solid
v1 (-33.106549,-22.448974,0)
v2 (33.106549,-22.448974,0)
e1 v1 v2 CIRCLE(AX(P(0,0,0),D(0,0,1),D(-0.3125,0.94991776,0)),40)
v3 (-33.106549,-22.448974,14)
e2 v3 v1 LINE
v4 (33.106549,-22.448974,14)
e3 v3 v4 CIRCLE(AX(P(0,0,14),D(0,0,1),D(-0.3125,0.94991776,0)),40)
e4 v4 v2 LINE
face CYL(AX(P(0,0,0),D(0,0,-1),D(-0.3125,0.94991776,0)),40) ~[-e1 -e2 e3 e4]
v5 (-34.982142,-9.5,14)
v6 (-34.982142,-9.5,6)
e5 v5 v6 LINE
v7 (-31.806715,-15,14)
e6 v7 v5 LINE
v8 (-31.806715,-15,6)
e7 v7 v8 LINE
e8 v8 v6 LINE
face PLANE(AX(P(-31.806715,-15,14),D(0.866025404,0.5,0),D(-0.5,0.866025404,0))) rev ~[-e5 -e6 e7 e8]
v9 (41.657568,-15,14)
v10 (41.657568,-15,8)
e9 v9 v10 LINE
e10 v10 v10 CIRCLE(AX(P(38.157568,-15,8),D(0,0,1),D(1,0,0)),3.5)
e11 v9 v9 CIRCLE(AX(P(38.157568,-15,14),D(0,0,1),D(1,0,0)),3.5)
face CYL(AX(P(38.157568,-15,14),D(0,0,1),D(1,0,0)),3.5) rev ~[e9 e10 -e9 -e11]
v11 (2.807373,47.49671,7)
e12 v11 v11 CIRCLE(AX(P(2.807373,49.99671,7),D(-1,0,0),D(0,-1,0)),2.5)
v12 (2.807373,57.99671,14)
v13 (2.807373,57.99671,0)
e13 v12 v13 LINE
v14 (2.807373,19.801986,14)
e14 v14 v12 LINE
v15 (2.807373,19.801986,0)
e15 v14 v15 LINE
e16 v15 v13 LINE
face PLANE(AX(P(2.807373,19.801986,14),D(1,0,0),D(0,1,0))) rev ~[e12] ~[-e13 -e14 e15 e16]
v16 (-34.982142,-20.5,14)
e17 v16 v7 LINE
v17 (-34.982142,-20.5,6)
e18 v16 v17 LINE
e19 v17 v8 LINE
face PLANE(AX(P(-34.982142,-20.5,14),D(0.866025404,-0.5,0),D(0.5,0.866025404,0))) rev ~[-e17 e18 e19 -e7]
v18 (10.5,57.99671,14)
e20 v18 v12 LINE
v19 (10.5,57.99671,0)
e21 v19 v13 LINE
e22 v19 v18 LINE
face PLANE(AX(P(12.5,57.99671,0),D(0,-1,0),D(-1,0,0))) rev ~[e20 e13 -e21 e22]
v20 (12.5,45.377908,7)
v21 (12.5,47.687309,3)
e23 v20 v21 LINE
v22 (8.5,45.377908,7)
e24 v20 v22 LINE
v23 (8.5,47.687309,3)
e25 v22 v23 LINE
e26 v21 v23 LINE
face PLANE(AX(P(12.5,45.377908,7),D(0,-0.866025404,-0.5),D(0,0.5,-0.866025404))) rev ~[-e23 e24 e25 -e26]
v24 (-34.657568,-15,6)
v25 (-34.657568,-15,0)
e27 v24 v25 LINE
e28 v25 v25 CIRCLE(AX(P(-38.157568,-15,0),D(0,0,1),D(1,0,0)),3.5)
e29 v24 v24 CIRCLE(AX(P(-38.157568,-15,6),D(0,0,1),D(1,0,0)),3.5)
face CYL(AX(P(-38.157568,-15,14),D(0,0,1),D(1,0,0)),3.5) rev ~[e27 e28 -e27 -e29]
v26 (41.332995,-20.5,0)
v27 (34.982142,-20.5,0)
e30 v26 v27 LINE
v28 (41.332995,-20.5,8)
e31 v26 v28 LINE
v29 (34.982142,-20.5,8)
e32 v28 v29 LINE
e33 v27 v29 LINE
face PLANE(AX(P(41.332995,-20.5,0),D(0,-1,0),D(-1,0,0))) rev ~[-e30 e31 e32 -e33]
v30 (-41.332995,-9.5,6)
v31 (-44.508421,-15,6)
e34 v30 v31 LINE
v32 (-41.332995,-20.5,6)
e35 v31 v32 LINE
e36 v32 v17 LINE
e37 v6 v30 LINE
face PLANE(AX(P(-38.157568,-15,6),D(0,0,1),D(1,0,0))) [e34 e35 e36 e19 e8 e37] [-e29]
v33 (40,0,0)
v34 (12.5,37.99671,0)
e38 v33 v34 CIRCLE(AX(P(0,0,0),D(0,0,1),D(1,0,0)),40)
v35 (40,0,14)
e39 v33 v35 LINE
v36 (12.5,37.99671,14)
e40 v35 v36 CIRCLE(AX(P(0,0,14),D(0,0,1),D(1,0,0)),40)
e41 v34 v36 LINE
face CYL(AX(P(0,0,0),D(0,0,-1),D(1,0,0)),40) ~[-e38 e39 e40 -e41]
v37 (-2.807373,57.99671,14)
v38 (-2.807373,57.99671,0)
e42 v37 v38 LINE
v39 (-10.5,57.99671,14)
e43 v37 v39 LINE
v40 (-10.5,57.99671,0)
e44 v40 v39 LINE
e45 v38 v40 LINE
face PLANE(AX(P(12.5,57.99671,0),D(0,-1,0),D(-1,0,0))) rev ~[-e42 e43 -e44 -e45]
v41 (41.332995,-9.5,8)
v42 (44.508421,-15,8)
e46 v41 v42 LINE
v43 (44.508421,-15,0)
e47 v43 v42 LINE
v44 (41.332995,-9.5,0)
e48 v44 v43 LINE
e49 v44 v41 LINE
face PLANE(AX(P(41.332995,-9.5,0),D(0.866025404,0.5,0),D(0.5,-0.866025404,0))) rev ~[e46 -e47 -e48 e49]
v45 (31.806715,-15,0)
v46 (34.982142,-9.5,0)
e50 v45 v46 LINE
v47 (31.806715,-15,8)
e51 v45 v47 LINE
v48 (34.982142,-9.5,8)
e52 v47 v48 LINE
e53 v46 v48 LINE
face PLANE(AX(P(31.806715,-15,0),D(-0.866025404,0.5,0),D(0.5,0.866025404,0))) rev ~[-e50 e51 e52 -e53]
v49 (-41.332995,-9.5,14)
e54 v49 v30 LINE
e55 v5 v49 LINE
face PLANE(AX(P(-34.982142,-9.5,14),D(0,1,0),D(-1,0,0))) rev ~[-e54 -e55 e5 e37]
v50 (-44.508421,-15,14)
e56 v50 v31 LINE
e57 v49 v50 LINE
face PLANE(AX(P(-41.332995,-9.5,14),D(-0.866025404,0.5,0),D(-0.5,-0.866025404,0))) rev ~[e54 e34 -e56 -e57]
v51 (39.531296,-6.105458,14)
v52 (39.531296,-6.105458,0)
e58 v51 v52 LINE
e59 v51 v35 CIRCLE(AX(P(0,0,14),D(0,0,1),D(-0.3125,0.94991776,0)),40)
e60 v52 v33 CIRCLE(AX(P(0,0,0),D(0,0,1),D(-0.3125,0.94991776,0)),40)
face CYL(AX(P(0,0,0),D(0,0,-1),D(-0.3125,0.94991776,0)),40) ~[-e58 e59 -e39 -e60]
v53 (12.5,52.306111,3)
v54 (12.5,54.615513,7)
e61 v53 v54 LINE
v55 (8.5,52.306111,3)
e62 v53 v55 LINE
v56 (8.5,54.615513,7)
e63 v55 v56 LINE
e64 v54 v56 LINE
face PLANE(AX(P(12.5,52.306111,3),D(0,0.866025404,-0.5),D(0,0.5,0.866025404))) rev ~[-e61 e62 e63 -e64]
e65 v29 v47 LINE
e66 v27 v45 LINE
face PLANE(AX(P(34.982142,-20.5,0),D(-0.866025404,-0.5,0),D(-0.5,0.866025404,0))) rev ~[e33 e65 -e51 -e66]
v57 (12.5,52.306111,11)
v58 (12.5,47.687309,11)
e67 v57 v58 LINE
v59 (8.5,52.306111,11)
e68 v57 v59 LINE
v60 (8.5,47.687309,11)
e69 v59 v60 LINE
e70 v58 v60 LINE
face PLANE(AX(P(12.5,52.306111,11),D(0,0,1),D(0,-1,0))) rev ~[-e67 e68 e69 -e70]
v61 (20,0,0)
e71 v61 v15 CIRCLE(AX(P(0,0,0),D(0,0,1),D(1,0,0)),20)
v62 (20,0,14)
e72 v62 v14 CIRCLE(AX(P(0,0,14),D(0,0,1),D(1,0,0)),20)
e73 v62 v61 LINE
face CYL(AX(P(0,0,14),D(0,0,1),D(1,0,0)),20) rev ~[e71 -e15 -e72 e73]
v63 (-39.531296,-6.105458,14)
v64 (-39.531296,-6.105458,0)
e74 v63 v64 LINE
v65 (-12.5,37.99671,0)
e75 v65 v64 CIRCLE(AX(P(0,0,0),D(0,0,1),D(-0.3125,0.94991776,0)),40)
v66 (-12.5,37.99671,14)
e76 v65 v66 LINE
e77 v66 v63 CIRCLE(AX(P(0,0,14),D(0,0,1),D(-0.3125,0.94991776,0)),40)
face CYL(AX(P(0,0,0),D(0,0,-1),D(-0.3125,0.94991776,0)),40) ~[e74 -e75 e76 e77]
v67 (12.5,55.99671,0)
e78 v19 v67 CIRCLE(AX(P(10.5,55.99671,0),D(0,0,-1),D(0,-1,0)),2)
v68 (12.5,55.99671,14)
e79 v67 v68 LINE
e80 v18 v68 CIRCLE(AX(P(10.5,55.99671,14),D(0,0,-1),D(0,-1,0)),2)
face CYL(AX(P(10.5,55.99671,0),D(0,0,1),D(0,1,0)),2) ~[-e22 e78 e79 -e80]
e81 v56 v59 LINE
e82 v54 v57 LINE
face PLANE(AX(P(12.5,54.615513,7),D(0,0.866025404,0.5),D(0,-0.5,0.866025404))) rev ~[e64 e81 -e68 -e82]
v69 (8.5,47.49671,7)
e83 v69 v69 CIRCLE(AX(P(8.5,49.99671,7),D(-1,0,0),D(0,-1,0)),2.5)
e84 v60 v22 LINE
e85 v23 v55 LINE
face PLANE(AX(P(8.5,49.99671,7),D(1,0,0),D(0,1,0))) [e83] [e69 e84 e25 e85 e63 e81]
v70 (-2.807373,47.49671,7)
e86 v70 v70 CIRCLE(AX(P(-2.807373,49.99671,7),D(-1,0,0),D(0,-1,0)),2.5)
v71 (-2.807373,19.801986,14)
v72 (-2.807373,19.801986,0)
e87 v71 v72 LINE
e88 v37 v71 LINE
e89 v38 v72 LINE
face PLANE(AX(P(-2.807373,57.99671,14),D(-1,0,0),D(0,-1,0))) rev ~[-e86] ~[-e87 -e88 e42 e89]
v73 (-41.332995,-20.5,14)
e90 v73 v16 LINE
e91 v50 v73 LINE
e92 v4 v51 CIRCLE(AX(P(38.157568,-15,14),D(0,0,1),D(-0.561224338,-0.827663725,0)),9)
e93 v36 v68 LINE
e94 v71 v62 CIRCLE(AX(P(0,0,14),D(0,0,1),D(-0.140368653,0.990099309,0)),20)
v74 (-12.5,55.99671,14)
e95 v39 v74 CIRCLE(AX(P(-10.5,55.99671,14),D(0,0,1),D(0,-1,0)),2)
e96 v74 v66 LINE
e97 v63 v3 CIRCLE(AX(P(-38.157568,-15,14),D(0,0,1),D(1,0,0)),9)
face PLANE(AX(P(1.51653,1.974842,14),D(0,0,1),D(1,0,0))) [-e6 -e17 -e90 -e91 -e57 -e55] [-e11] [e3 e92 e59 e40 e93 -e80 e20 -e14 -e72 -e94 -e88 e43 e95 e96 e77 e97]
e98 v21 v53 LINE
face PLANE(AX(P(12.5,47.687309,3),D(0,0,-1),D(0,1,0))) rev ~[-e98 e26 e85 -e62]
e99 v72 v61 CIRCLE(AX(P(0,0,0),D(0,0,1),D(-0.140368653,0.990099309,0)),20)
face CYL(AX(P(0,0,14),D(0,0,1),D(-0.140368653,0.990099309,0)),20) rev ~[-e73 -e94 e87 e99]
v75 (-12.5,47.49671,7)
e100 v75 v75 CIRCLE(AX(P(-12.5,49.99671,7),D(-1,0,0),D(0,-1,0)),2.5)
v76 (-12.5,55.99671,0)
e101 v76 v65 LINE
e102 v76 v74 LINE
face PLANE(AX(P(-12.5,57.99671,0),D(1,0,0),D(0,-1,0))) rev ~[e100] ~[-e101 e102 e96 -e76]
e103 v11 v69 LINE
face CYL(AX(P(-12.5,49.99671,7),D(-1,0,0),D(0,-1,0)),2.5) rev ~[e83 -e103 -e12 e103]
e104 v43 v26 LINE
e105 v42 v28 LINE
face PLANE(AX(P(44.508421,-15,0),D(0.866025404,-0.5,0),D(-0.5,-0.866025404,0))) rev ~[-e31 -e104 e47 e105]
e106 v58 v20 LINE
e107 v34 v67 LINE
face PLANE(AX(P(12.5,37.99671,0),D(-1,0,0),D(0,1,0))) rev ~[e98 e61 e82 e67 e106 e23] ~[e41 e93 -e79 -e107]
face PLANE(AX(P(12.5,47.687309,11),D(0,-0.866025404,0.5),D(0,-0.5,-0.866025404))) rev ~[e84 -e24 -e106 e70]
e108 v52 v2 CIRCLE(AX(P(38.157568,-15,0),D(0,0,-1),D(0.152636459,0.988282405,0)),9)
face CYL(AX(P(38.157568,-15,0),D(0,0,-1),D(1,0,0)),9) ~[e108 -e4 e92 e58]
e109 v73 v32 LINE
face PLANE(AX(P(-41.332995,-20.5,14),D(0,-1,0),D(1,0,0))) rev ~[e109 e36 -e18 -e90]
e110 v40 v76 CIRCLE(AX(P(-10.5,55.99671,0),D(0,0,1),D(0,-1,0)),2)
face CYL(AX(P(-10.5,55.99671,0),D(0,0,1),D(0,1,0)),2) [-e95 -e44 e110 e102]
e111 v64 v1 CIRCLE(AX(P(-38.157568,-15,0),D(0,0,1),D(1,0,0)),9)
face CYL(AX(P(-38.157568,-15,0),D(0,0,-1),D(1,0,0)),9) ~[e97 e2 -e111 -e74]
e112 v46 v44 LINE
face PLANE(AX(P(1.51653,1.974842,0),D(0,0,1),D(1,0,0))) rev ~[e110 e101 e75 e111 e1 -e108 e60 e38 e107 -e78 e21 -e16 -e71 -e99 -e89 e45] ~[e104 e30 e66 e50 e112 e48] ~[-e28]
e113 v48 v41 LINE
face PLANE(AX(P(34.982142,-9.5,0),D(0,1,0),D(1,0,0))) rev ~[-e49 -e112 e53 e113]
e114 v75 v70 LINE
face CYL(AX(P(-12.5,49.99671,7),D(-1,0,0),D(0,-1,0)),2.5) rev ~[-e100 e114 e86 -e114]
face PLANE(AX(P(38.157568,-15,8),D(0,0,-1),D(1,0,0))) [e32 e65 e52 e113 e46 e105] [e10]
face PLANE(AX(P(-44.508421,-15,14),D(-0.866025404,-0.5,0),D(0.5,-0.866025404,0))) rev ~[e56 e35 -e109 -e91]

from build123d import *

# Parameters (mm, degrees)
F1_DEPTH  = 14
F3_DEPTH  = 25
F4_R      = 9
F5_DEPTH  = 14
F6_R      = 3.5
F7_DEPTH  = 25
F8_R      = 2.5
F9_DEPTH  = 25
F11_DEPTH = 4
F13_DEPTH = 8
F15_DEPTH = 8
F16_R     = 2


with BuildPart() as f1:
    # F0 (on Top) → F1 (new body)
    with BuildSketch(Plane.XY):
        with BuildLine():
            ThreePointArc((-12.5, 37.9967103839), (-23.4520787991, -32.403703492), (40, 0))
            ThreePointArc((40, 0), (32.403703492, 23.4520787991), (12.5, 37.9967103839))
            Line((12.5, 37.9967103839), (-12.5, 37.9967103839))
        make_face()
        with BuildLine():
            Line((-12.5, 37.9967103839), (12.5, 37.9967103839))
            ThreePointArc((12.5, 37.9967103839), (0, 40), (-12.5, 37.9967103839))
        make_face()
        with BuildLine():
            ThreePointArc((-12.5, 37.9967103839), (0, 40), (12.5, 37.9967103839))
            Line((12.5, 37.9967103839), (12.5, 57.9967103839))
            Line((12.5, 57.9967103839), (-12.5, 57.9967103839))
            Line((-12.5, 57.9967103839), (-12.5, 37.9967103839))
        make_face()
    extrude(amount=F1_DEPTH)

    # F2 (on face) → F3 (cut)
    with BuildSketch(Plane.XY.offset(14)):
        with BuildLine():
            ThreePointArc((-2.807373056, 19.8019861762), (-13.112065796, -15.102110136), (20, 0))
            ThreePointArc((20, 0), (15.102110136, 13.112065796), (2.807373056, 19.8019861762))
            Line((2.807373056, 19.8019861762), (-2.807373056, 19.8019861762))
        make_face()
        with BuildLine():
            Line((-2.807373056, 19.8019861762), (2.807373056, 19.8019861762))
            ThreePointArc((2.807373056, 19.8019861762), (0, 20), (-2.807373056, 19.8019861762))
        make_face()
        with BuildLine():
            ThreePointArc((-2.807373056, 19.8019861762), (0, 20), (2.807373056, 19.8019861762))
            Line((2.807373056, 19.8019861762), (2.807373056, 57.9967103839))
            Line((2.807373056, 57.9967103839), (-2.807373056, 57.9967103839))
            Line((-2.807373056, 57.9967103839), (-2.807373056, 19.8019861762))
        make_face()
    extrude(amount=-F3_DEPTH, mode=Mode.SUBTRACT)

    # F4 (on Top) → F5 (join)
    with BuildSketch(Plane.XY):
        with Locations((-38.1575680567, -15)):
            Circle(F4_R)
        with Locations((38.1575680567, -15)):
            Circle(F4_R)
    extrude(amount=F5_DEPTH)

    # F6 (on face) → F7 (cut)
    with BuildSketch(Plane.XY.offset(14)):
        with Locations((-38.1575680567, -15)):
            Circle(F6_R)
        with Locations((38.1575680567, -15)):
            Circle(F6_R)
    extrude(amount=-F7_DEPTH, mode=Mode.SUBTRACT)

    # F8 (on face) → F9 (cut)
    with BuildSketch(Plane(origin=(-12.5, 0, 0), x_dir=(0, -1, 0), z_dir=(-1, 0, 0))):
        with Locations((-49.9967103839, 7)):
            Circle(F8_R)
    extrude(amount=-F9_DEPTH, mode=Mode.SUBTRACT)

    # F10 (on face) → F11 (cut)
    with BuildSketch(Plane.YZ.offset(12.5)):
        Polygon((54.6155125374, 7), (52.3061114607, 11), (47.6873093072, 11), (45.3779082304, 7), (47.6873093072, 3), (52.3061114607, 3), align=None)
    extrude(amount=-F11_DEPTH, mode=Mode.SUBTRACT)

    # F12 (on face) → F13 (cut)
    with BuildSketch(Plane(origin=(0, 0, 0), x_dir=(1, 0, 0), z_dir=(0, 0, -1))):
        Polygon((41.3329945372, 20.5), (34.9821415761, 20.5), (31.8067150956, 15), (34.9821415761, 9.5), (41.3329945372, 9.5), (44.5084210178, 15), align=None)
    extrude(amount=-F13_DEPTH, mode=Mode.SUBTRACT)

    # F14 (on face) → F15 (cut)
    with BuildSketch(Plane.XY.offset(14)):
        Polygon((-31.8067150956, -15), (-34.9821415761, -9.5), (-41.3329945372, -9.5), (-44.5084210178, -15), (-41.3329945372, -20.5), (-34.9821415761, -20.5), align=None)
    extrude(amount=-F15_DEPTH, mode=Mode.SUBTRACT)

    # F16
    f16_edges = [f1.edges().sort_by_distance(p)[0] for p in [
        (12.5, 57.99671, 7),
        (-12.5, 57.99671, 7),
    ]]
    fillet(f16_edges, radius=F16_R)


solid = f1.part
